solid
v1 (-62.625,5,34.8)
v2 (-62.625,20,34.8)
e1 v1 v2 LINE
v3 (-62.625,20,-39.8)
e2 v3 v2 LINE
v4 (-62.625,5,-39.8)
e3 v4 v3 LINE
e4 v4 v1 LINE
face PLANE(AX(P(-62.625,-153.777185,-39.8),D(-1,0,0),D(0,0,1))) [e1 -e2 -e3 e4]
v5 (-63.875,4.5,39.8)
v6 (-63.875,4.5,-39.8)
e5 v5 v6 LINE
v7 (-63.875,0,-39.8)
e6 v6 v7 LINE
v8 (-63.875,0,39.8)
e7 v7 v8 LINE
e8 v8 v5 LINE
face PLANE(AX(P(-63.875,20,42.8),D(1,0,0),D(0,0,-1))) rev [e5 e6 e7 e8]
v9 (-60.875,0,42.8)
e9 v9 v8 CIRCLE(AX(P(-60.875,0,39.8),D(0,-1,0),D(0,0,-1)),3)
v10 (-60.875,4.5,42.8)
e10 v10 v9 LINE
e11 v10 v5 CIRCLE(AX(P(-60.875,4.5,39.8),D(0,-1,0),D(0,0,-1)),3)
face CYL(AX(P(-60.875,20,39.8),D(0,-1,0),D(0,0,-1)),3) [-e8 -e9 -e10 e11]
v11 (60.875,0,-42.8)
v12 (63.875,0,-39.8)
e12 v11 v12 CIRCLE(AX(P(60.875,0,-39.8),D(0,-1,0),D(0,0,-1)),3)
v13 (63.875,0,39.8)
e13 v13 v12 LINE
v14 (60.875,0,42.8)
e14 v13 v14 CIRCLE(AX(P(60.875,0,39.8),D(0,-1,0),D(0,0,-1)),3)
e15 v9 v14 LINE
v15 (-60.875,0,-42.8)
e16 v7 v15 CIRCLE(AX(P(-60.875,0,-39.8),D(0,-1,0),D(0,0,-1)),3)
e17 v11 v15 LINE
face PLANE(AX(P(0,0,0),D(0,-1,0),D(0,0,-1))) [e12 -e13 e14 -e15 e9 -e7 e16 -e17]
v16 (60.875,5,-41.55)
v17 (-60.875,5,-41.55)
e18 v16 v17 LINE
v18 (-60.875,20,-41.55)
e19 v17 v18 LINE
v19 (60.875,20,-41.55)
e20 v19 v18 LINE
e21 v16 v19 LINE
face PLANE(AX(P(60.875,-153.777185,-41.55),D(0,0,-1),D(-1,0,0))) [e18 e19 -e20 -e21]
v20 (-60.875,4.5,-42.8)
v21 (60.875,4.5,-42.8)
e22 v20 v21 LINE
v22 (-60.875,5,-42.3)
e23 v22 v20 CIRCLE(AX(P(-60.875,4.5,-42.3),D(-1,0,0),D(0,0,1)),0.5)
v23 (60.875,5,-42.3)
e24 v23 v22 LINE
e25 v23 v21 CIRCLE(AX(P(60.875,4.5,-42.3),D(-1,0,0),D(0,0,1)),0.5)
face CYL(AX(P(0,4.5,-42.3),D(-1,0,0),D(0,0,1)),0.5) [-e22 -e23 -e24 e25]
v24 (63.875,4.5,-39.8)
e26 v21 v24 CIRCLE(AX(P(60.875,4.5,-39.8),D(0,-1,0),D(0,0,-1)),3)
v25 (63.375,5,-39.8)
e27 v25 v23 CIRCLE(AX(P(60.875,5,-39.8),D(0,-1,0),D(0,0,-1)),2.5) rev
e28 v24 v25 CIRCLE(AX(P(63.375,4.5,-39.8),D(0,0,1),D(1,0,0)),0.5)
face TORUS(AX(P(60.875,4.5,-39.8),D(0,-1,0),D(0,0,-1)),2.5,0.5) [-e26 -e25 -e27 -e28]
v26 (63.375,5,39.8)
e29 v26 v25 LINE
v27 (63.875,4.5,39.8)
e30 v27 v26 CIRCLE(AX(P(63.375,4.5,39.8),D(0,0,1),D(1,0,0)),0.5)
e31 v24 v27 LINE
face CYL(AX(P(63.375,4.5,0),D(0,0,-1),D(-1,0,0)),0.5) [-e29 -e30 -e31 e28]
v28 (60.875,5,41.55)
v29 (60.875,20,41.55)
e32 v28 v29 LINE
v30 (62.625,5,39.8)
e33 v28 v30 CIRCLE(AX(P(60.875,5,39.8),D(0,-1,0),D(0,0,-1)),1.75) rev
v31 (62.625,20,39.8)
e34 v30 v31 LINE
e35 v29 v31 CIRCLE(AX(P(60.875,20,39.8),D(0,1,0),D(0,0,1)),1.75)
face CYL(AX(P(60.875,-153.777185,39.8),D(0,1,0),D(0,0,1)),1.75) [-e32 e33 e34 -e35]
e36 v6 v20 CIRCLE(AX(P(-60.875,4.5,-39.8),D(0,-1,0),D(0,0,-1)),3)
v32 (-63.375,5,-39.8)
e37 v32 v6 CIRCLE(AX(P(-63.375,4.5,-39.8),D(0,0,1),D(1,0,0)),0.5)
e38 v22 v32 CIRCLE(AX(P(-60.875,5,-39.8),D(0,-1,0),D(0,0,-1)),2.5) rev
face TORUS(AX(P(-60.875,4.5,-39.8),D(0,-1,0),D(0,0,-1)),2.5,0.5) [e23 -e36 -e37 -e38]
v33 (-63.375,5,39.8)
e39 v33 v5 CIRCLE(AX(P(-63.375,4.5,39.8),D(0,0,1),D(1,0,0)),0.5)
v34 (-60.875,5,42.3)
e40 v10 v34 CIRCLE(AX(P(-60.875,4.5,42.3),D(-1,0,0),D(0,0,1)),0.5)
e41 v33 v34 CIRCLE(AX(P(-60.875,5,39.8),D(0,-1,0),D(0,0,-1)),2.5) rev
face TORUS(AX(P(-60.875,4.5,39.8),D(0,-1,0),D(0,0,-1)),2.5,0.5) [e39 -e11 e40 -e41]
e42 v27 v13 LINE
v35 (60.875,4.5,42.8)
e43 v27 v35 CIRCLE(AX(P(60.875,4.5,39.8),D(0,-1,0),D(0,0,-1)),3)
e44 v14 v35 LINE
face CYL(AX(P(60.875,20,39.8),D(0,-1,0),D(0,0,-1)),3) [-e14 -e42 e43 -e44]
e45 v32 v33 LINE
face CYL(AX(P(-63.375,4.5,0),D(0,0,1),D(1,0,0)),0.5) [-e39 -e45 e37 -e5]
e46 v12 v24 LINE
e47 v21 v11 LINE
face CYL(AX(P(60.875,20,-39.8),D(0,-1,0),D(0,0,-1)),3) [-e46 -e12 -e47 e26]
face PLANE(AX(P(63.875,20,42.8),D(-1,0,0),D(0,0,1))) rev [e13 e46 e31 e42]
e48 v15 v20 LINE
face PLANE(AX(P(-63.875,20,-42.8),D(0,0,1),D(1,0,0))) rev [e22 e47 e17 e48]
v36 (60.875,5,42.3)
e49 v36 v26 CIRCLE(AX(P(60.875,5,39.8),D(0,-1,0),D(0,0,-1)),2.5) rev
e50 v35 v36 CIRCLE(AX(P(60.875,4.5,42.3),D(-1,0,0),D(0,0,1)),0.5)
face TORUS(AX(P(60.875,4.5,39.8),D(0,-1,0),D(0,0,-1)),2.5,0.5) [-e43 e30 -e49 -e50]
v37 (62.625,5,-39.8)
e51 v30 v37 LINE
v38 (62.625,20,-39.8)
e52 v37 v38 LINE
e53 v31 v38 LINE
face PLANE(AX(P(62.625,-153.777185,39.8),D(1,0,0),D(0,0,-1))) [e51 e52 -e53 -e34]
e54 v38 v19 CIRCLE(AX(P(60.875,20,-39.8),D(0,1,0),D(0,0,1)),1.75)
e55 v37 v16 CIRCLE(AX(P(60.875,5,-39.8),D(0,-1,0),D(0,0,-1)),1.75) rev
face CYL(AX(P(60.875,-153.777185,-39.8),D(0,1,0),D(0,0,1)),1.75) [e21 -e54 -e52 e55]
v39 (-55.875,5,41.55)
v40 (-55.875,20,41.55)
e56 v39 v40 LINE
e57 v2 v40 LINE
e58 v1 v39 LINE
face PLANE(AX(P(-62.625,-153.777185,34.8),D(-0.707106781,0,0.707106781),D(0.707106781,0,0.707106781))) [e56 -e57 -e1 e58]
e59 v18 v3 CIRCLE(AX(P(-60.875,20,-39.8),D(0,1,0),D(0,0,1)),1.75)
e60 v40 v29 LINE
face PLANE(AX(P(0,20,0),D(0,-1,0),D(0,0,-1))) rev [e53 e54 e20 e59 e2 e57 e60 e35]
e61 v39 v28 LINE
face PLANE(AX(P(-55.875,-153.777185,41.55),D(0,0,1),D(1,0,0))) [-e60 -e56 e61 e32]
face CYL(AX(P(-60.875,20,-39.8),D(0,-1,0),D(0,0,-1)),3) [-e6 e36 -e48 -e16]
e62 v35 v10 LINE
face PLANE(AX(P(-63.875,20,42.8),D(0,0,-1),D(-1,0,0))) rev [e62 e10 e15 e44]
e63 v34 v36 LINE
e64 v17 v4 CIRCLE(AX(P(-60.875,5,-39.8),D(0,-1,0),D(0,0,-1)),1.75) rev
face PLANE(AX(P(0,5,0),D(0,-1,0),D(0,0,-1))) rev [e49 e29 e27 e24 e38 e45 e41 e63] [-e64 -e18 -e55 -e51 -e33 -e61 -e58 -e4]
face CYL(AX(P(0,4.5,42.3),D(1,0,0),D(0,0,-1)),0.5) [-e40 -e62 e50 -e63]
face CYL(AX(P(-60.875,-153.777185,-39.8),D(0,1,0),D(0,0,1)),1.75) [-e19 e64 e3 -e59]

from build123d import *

# Parameters (mm, degrees)
SKETCH1_W           = 127.75
SKETCH1_H           = 85.6
BOSS_EXTRUDE1_DEPTH = 20
FILLET1_R           = 3
CUT_EXTRUDE2_DEPTH  = 15
FILLET5_R           = 0.5


with BuildPart() as part:
    # Sketch1 → Boss-Extrude1 (new body)
    with BuildSketch(Plane(origin=(0, 0, 0), x_dir=(1, 0, 0), z_dir=(0, 1, 0))):
        Rectangle(SKETCH1_W, SKETCH1_H)
    extrude(amount=BOSS_EXTRUDE1_DEPTH)

    # Fillet1
    fillet1_edges = [part.edges().sort_by_distance(p)[0] for p in [
        (-63.875, 10, -42.8),
        (63.875, 10, -42.8),
        (63.875, 10, 42.8),
        (-63.875, 10, 42.8),
    ]]
    fillet(fillet1_edges, radius=FILLET1_R)

    # Sketch3 → Cut-Extrude2 (cut)
    with BuildSketch(Plane(origin=(0, 20, 0), x_dir=(1, 0, 0), z_dir=(0, 1, 0))):
        with BuildLine():
            Line((-63.875, 39.8), (-63.875, -39.8))
            ThreePointArc((-63.875, -39.8), (-62.996320344, -41.921320344), (-60.875, -42.8))
            Line((-60.875, -42.8), (60.875, -42.8))
            ThreePointArc((60.875, -42.8), (62.996320344, -41.921320344), (63.875, -39.8))
            Line((63.875, -39.8), (63.875, 39.8))
            ThreePointArc((63.875, 39.8), (62.996320344, 41.921320344), (60.875, 42.8))
            Line((60.875, 42.8), (-60.875, 42.8))
            ThreePointArc((-60.875, 42.8), (-62.996320344, 41.921320344), (-63.875, 39.8))
        make_face()
        with BuildLine():
            Line((-62.625, 39.8), (-62.625, -34.8))
            Line((-62.625, -34.8), (-55.875, -41.55))
            Line((-55.875, -41.55), (60.875, -41.55))
            ThreePointArc((60.875, -41.55), (62.112436867, -41.037436867), (62.625, -39.8))
            Line((62.625, -39.8), (62.625, 39.8))
            ThreePointArc((62.625, 39.8), (62.112436867, 41.037436867), (60.875, 41.55))
            Line((60.875, 41.55), (-60.875, 41.55))
            ThreePointArc((-60.875, 41.55), (-62.112436867, 41.037436867), (-62.625, 39.8))
        make_face(mode=Mode.SUBTRACT)
    extrude(amount=-CUT_EXTRUDE2_DEPTH, mode=Mode.SUBTRACT)

    # Fillet5
    fillet5_edges = [part.edges().sort_by_distance(p)[0] for p in [
        (-62.996320344, 5, -41.921320344),
        (0, 5, -42.8),
        (62.996320344, 5, -41.921320344),
        (63.875, 5, 0),
        (62.996320344, 5, 41.921320344),
        (0, 5, 42.8),
        (-62.996320344, 5, 41.921320344),
        (-63.875, 5, 0),
    ]]
    fillet(fillet5_edges, radius=FILLET5_R)


solid = part.part
